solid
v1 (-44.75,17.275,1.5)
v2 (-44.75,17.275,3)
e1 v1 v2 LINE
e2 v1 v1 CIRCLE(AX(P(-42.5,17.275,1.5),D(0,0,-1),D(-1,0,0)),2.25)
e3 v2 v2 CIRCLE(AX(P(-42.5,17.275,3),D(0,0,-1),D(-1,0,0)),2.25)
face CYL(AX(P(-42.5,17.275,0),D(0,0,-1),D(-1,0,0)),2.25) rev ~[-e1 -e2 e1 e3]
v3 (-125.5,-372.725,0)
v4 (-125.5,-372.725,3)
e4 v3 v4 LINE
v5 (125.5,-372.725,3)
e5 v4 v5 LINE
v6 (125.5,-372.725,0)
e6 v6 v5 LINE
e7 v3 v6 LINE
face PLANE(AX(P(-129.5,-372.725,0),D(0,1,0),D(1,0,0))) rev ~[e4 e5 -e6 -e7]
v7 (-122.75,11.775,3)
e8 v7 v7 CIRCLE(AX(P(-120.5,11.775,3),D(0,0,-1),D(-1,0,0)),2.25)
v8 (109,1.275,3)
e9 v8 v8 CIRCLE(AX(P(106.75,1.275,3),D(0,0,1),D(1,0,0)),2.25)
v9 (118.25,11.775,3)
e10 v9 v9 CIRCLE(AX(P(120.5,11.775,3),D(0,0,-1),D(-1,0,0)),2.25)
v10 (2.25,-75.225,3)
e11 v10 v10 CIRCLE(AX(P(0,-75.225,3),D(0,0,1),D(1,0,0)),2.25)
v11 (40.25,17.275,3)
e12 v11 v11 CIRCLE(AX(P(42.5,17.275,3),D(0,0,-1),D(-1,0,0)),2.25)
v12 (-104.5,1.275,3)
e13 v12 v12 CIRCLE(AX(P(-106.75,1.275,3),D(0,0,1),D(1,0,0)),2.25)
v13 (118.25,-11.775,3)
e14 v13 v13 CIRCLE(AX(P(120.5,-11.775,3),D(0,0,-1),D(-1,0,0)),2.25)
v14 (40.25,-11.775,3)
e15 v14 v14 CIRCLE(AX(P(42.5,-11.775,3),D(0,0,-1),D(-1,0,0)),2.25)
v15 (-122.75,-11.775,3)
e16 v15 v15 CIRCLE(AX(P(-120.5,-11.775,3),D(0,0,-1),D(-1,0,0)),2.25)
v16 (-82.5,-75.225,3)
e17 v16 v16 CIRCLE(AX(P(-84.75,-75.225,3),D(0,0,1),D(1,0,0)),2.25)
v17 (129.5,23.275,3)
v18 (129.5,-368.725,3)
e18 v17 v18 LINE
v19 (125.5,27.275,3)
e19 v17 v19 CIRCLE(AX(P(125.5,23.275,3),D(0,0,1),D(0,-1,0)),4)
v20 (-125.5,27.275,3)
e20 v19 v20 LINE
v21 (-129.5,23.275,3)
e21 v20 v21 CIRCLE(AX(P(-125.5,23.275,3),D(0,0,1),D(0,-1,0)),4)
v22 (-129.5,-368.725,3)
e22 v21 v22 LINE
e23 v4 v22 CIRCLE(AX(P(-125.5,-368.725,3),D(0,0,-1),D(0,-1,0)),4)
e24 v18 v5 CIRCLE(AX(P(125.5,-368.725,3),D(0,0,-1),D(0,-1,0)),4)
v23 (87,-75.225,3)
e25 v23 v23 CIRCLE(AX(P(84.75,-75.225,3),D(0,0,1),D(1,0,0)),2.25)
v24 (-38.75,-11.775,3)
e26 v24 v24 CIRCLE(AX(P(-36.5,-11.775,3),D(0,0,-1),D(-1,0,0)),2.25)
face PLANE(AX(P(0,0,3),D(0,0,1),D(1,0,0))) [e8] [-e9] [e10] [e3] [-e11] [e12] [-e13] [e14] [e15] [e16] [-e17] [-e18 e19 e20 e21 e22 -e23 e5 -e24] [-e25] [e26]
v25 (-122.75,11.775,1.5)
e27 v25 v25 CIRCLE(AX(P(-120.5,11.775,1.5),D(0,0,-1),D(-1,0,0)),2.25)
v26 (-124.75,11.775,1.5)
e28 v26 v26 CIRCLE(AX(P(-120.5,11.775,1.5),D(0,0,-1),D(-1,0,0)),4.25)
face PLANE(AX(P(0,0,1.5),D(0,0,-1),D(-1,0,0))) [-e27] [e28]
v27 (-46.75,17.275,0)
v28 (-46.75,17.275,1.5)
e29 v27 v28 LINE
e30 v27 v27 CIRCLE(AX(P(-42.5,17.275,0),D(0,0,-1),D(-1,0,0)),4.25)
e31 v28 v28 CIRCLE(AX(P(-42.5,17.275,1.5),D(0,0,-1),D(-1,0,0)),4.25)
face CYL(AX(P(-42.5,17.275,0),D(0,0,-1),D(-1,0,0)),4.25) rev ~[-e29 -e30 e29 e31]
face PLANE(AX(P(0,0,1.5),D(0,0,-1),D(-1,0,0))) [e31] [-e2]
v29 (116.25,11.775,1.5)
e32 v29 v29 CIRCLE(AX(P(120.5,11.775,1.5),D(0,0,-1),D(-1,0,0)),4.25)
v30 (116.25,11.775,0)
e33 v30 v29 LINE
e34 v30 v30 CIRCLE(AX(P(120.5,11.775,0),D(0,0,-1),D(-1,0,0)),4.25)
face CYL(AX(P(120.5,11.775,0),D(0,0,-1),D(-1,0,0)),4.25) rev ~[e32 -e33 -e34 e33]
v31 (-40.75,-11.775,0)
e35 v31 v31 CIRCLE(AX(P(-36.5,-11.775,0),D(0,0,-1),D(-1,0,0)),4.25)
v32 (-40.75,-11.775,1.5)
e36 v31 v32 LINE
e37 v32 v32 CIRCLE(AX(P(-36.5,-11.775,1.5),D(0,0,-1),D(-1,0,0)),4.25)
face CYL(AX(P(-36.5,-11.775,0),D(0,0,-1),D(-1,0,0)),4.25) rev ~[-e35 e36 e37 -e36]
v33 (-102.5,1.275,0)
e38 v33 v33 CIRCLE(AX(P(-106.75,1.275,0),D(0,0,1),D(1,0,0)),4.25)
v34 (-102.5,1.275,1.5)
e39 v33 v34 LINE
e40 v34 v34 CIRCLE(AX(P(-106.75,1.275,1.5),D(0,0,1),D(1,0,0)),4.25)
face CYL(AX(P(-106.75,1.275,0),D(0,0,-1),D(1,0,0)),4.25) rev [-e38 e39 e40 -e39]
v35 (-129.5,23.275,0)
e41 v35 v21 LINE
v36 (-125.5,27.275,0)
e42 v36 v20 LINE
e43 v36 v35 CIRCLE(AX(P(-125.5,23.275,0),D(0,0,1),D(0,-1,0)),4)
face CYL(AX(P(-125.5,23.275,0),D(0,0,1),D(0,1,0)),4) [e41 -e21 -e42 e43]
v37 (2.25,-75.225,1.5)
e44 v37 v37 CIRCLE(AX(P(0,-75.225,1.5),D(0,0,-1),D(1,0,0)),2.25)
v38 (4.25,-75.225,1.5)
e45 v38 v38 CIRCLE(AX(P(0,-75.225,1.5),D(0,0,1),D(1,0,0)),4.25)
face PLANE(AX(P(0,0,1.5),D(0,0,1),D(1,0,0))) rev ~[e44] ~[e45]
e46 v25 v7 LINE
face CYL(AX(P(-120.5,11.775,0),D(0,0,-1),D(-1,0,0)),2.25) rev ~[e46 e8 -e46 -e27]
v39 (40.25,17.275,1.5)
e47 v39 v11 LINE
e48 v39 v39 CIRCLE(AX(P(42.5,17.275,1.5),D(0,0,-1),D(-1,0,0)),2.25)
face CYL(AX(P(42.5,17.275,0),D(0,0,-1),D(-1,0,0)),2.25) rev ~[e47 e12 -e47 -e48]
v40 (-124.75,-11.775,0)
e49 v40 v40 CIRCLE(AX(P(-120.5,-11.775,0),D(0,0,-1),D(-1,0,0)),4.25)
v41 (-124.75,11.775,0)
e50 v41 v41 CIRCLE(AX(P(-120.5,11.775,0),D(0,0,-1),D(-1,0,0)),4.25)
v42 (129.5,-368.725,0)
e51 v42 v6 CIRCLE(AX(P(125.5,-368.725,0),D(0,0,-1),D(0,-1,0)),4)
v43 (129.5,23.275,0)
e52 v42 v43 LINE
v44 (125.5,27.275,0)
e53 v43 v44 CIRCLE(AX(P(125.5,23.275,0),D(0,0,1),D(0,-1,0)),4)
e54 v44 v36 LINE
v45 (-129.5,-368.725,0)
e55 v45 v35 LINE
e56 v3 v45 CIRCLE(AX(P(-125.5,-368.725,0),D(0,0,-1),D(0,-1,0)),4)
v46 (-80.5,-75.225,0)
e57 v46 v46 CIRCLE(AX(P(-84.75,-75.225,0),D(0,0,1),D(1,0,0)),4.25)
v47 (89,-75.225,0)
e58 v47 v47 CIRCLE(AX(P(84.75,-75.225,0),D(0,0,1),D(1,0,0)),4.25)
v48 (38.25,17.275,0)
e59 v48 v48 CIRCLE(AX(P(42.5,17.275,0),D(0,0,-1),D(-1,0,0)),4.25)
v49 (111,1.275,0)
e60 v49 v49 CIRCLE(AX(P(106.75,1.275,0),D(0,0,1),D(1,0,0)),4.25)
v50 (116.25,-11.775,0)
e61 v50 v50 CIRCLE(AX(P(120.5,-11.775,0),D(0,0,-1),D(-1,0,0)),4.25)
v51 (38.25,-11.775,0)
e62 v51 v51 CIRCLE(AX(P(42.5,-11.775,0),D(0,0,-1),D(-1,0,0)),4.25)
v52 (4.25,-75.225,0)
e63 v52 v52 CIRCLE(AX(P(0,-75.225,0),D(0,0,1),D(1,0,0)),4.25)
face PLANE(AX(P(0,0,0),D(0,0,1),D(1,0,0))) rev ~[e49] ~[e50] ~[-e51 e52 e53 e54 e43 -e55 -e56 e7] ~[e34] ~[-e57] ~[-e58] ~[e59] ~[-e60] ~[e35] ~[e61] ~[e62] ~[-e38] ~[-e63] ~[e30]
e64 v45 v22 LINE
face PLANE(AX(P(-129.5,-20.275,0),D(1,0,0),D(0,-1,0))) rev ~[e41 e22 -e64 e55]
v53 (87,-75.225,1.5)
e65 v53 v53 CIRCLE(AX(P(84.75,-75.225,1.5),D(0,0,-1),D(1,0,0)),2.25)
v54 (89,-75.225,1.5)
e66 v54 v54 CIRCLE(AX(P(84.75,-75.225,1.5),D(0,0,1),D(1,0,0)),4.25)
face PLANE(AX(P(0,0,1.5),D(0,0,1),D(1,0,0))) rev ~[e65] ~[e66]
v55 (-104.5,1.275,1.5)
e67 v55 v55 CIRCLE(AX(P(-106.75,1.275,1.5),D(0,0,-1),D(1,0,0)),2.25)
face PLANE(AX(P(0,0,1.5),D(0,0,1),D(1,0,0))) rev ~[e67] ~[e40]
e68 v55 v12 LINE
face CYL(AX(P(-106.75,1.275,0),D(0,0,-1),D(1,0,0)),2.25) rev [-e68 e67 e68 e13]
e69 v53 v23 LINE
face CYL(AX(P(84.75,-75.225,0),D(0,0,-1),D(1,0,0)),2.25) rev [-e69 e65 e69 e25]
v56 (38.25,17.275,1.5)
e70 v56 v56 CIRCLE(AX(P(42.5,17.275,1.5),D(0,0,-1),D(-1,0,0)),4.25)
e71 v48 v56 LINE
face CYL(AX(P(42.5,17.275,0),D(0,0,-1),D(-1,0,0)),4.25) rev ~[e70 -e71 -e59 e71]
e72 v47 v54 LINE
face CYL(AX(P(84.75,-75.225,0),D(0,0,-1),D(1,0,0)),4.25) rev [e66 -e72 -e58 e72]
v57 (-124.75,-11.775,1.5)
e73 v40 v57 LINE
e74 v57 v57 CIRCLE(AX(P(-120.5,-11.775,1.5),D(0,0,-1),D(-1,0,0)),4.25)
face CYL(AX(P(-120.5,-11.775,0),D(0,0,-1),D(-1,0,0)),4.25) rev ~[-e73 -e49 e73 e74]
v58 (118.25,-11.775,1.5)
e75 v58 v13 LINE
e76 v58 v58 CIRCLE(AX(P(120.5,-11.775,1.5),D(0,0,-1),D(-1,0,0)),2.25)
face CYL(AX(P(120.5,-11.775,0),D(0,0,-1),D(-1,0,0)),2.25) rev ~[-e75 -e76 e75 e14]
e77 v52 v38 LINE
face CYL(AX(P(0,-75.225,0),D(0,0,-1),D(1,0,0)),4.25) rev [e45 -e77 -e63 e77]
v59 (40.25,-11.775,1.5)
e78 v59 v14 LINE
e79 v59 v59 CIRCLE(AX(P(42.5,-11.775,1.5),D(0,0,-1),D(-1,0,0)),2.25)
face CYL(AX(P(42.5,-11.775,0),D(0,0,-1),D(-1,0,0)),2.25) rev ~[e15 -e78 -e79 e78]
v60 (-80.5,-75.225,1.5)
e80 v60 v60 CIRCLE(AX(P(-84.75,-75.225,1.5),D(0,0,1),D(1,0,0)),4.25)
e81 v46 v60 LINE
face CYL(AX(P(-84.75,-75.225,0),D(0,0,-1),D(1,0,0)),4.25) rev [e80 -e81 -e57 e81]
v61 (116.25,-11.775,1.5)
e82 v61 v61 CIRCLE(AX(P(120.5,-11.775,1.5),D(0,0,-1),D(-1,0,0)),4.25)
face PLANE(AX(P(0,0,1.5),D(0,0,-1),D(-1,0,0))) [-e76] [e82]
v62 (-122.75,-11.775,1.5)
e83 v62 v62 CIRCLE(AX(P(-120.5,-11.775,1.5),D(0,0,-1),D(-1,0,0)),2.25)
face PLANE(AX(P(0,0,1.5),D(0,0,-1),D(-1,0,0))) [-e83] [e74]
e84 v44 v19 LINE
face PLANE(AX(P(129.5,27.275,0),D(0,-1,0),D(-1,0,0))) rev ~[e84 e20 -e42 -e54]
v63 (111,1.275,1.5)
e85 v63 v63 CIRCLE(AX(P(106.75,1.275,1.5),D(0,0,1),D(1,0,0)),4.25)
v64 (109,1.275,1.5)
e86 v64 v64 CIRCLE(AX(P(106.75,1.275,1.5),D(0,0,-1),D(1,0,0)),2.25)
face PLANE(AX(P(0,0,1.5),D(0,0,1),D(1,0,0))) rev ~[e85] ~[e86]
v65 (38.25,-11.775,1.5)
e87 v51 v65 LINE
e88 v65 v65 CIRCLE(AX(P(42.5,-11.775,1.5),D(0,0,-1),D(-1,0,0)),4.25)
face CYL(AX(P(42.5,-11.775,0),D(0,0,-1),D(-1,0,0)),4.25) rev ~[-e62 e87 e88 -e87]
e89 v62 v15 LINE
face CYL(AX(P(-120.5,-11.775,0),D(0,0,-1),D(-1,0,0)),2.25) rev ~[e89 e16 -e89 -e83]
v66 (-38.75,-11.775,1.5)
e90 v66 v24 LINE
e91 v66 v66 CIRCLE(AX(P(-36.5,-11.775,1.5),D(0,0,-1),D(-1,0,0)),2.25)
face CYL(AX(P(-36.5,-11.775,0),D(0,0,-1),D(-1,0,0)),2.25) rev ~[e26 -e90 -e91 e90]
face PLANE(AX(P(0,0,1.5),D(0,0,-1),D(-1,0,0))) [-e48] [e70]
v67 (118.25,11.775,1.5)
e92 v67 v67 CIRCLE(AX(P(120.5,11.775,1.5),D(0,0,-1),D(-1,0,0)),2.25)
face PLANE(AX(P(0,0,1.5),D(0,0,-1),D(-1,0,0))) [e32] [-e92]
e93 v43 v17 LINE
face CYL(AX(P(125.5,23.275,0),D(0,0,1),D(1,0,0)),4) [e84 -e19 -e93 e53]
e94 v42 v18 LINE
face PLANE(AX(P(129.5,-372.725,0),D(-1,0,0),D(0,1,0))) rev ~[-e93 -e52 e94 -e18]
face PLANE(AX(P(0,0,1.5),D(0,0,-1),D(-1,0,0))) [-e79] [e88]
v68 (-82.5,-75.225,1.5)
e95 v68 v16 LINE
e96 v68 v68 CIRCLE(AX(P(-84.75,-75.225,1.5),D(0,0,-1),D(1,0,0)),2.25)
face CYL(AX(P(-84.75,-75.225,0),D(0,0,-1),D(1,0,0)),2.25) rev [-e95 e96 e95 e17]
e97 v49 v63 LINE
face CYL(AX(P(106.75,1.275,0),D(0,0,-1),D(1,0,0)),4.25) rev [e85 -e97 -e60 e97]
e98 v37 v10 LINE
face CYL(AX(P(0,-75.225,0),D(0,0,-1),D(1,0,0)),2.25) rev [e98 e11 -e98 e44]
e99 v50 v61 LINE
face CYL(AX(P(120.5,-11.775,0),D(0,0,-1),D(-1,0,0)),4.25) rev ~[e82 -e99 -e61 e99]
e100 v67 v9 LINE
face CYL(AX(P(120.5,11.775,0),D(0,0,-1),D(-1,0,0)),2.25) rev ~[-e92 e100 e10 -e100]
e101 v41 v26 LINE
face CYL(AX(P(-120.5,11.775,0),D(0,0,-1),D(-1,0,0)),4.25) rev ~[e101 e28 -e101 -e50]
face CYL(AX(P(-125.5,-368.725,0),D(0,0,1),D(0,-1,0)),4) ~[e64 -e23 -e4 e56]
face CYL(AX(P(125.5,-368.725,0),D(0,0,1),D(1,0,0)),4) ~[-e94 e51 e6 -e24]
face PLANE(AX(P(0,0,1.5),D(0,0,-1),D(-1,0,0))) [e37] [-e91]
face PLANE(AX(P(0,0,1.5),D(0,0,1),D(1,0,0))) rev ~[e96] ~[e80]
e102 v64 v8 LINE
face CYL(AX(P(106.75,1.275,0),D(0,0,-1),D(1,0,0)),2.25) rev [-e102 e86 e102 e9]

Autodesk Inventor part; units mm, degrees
ref_plane "YZ Plane" through (0, 0, 0) normal (1, 0, 0) x (0, 1, 0)
ref_plane "XZ Plane" through (0, 0, 0) normal (0, 1, 0) x (-1, 0, 0)
ref_plane "XY Plane" through (0, 0, 0) normal (0, 0, 1) x (1, 0, 0)
sketch "スケッチ1" plane through (0, 0, 0) normal (0, 0, 1) x (1, 0, 0)
  line L0 (-120.5, 11.775) -> (120.5, 11.775) construction
  line L1 (120.5, 11.775) -> (120.5, -11.775) construction
  line L2 (120.5, -11.775) -> (-120.5, -11.775) construction
  line L3 (-120.5, -11.775) -> (-120.5, 11.775) construction
  circle A0 centre (-120.5, -11.775) radius 1.6
  circle A1 centre (-120.5, 11.775) radius 1.6
  circle A2 centre (-36.5, -11.775) radius 1.6
  circle A3 centre (42.5, -11.775) radius 1.6
  circle A4 centre (120.5, -11.775) radius 1.6
  line L4 (-129.5, 22.275) -> (-129.5, -20.275) construction
  line L5 (-129.5, 22.275) -> (129.5, 22.275) construction
  line L6 (129.5, 22.275) -> (129.5, -20.275) construction
  line L7 (129.5, -20.275) -> (-129.5, -20.275) construction
  circle A5 centre (-42.5, 17.275) radius 1.6
  circle A6 centre (42.5, 17.275) radius 1.6
  circle A7 centre (120.5, 11.775) radius 1.6
  line L8 (-129.5, -20.275) -> (129.5, -20.275) construction
  line L9 (129.5, -20.275) -> (129.5, 27.275)
  line L10 (129.5, 27.275) -> (-129.5, 27.275)
  line L11 (-129.5, 27.275) -> (-129.5, -20.275)
  line L12 (-129.5, -20.275) -> (-129.5, -372.725)
  line L13 (-129.5, -372.725) -> (129.5, -372.725)
  line L14 (129.5, -372.725) -> (129.5, -20.275)
  line L15 (-129.5, -75.225) -> (129.5, -75.225) construction
  line L16 (0, 27.275) -> (0, -75.225) construction
  circle A8 centre (0, -75.225) radius 2.25
  circle A9 centre (-84.75, -75.225) radius 2.25
  circle A10 centre (84.75, -75.225) radius 2.25
  line L17 (-106.75, 1.275) -> (106.75, 1.275) construction
  circle A11 centre (-106.75, 1.275) radius 2.25
  circle A12 centre (106.75, 1.275) radius 2.25
  point P0 (0, 0)
  point P1 (-120.5, 0)
  point P2 (0, 11.775)
  point P3 (0, 1.275)
  dimension "d0" = 23.55
  dimension "d1" = 84
  dimension "d3" = 79
  dimension "d4" = 78
  dimension "d5" = 3.2
  dimension "d6" = 9
  dimension "d7" = 9
  dimension "d8" = 8.5
  dimension "d9" = 10.5
  dimension "d10" = 5.5
  dimension "d11" = 78.1937
  dimension "d12" = 78.1937
  dimension "d13" = 78
  dimension "d14" = 85
  dimension "d15" = 78
  dimension "d16" = 5
  dimension "d24" = 400
  dimension "d26" = 97.5
  dimension "d27" = 4.5
  dimension "d28" = 169.5
  dimension "d29" = 84.75
  dimension "d30" = 213.5
  dimension "d31" = 21
extrude "押し出し1" add sketch "スケッチ1" along normal blind 3
sketch "スケッチ3" plane through (0, 0, 3) normal (0, 0, 1) x (1, 0, 0)
  circle A0 centre (-106.75, 1.275) radius 2.25 construction
  circle A1 centre (106.75, 1.275) radius 2.25 construction
  circle A2 centre (84.75, -75.225) radius 2.25 construction
  circle A3 centre (0, -75.225) radius 2.25 construction
  circle A4 centre (-84.75, -75.225) radius 2.25 construction
  circle A5 centre (-106.75, 1.275) radius 4.25
  circle A6 centre (106.75, 1.275) radius 4.25
  circle A7 centre (84.75, -75.225) radius 4.25
  circle A8 centre (0, -75.225) radius 4.25
  circle A9 centre (-84.75, -75.225) radius 4.25
  point P0 (0, 0)
  dimension "d33" = 8.5
extrude "押し出し3" cut sketch "スケッチ3" along normal blind 1.5 from surface at -3
sketch "スケッチ5" plane through (0, 0, 0) normal (0, 0, -1) x (-1, 0, 0)
  circle A0 centre (0, -75.225) radius 4.25 construction
  circle A1 centre (-106.75, 1.275) radius 4.25 construction
  circle A2 centre (106.75, 1.275) radius 4.25 construction
  circle A3 centre (-84.75, -75.225) radius 4.25 construction
  circle A4 centre (84.75, -75.225) radius 4.25 construction
  circle A5 centre (-120.5, 11.775) radius 1.6 construction
  circle A6 centre (-42.5, 17.275) radius 1.6 construction
  circle A7 centre (42.5, 17.275) radius 1.6 construction
  circle A8 centre (-120.5, -11.775) radius 1.6 construction
  circle A9 centre (-42.5, -11.775) radius 1.6 construction
  circle A10 centre (36.5, -11.775) radius 1.6 construction
  circle A11 centre (120.5, 11.775) radius 1.6 construction
  circle A12 centre (120.5, -11.775) radius 1.6 construction
  line L0 (129.5, -372.725) -> (129.5, 27.275) construction
  line L1 (129.5, 27.275) -> (-129.5, 27.275) construction
  line L2 (-129.5, 27.275) -> (-129.5, -372.725) construction
  line L3 (-129.5, -372.725) -> (129.5, -372.725) construction
  circle A13 centre (-120.5, 11.775) radius 2.25
  circle A14 centre (-120.5, -11.775) radius 2.25
  circle A15 centre (-42.5, 17.275) radius 2.25
  circle A16 centre (-42.5, -11.775) radius 2.25
  circle A17 centre (42.5, 17.275) radius 2.25
  circle A18 centre (36.5, -11.775) radius 2.25
  circle A19 centre (120.5, 11.775) radius 2.25
  circle A20 centre (120.5, -11.775) radius 2.25
  circle A21 centre (106.75, 1.275) radius 2.25 projected
  point P0 (0, 0)
extrude "押し出し4" cut sketch "スケッチ5" against normal through all contours A13 | A14 | A15 | A16 | A17 | A18 | A19 | A20
sketch "スケッチ6" plane through (0, 0, 0) normal (0, 0, -1) x (-1, 0, 0)
  circle A0 centre (120.5, 11.775) radius 2.25 construction
  circle A1 centre (42.5, 17.275) radius 2.25 construction
  circle A2 centre (-42.5, 17.275) radius 2.25 construction
  circle A3 centre (-120.5, 11.775) radius 2.25 construction
  circle A4 centre (-120.5, -11.775) radius 2.25 construction
  circle A5 centre (-42.5, -11.775) radius 2.25 construction
  circle A6 centre (36.5, -11.775) radius 2.25 construction
  circle A7 centre (120.5, -11.775) radius 2.25 construction
  circle A8 centre (0, -75.225) radius 4.25 construction
  circle A9 centre (-106.75, 1.275) radius 4.25 construction
  circle A10 centre (106.75, 1.275) radius 4.25 construction
  circle A11 centre (-84.75, -75.225) radius 4.25 construction
  circle A12 centre (84.75, -75.225) radius 4.25 construction
  line L0 (129.5, -372.725) -> (129.5, 27.275) construction
  line L1 (129.5, 27.275) -> (-129.5, 27.275) construction
  line L2 (-129.5, 27.275) -> (-129.5, -372.725) construction
  line L3 (-129.5, -372.725) -> (129.5, -372.725) construction
  circle A13 centre (-120.5, 11.775) radius 4.25
  circle A14 centre (-120.5, -11.775) radius 4.25
  circle A15 centre (-42.5, 17.275) radius 4.25
  circle A16 centre (-42.5, -11.775) radius 4.25
  circle A17 centre (36.5, -11.775) radius 4.25
  circle A18 centre (42.5, 17.275) radius 4.25
  circle A19 centre (120.5, -11.775) radius 4.25
  circle A20 centre (120.5, 11.775) radius 4.25
  circle A21 centre (106.75, 1.275) radius 4.25 projected
  point P0 (0, 0)
extrude "押し出し5" cut sketch "スケッチ6" against normal blind 1.5 contours A13 | A14 | A15 | A16 | A17 | A18 | A19 | A20
fillet "フィレット4" radius 4 4 edges at (129.5, -372.725, 1.5) (-129.5, -372.725, 1.5) (-129.5, 27.275, 1.5) (129.5, 27.275, 1.5)
equation "\"d12\" = d11"
equation "\"d29\" = 0.5 * d28"
properties part number "kpd_70_plate" material "アルミニウム 6061"
